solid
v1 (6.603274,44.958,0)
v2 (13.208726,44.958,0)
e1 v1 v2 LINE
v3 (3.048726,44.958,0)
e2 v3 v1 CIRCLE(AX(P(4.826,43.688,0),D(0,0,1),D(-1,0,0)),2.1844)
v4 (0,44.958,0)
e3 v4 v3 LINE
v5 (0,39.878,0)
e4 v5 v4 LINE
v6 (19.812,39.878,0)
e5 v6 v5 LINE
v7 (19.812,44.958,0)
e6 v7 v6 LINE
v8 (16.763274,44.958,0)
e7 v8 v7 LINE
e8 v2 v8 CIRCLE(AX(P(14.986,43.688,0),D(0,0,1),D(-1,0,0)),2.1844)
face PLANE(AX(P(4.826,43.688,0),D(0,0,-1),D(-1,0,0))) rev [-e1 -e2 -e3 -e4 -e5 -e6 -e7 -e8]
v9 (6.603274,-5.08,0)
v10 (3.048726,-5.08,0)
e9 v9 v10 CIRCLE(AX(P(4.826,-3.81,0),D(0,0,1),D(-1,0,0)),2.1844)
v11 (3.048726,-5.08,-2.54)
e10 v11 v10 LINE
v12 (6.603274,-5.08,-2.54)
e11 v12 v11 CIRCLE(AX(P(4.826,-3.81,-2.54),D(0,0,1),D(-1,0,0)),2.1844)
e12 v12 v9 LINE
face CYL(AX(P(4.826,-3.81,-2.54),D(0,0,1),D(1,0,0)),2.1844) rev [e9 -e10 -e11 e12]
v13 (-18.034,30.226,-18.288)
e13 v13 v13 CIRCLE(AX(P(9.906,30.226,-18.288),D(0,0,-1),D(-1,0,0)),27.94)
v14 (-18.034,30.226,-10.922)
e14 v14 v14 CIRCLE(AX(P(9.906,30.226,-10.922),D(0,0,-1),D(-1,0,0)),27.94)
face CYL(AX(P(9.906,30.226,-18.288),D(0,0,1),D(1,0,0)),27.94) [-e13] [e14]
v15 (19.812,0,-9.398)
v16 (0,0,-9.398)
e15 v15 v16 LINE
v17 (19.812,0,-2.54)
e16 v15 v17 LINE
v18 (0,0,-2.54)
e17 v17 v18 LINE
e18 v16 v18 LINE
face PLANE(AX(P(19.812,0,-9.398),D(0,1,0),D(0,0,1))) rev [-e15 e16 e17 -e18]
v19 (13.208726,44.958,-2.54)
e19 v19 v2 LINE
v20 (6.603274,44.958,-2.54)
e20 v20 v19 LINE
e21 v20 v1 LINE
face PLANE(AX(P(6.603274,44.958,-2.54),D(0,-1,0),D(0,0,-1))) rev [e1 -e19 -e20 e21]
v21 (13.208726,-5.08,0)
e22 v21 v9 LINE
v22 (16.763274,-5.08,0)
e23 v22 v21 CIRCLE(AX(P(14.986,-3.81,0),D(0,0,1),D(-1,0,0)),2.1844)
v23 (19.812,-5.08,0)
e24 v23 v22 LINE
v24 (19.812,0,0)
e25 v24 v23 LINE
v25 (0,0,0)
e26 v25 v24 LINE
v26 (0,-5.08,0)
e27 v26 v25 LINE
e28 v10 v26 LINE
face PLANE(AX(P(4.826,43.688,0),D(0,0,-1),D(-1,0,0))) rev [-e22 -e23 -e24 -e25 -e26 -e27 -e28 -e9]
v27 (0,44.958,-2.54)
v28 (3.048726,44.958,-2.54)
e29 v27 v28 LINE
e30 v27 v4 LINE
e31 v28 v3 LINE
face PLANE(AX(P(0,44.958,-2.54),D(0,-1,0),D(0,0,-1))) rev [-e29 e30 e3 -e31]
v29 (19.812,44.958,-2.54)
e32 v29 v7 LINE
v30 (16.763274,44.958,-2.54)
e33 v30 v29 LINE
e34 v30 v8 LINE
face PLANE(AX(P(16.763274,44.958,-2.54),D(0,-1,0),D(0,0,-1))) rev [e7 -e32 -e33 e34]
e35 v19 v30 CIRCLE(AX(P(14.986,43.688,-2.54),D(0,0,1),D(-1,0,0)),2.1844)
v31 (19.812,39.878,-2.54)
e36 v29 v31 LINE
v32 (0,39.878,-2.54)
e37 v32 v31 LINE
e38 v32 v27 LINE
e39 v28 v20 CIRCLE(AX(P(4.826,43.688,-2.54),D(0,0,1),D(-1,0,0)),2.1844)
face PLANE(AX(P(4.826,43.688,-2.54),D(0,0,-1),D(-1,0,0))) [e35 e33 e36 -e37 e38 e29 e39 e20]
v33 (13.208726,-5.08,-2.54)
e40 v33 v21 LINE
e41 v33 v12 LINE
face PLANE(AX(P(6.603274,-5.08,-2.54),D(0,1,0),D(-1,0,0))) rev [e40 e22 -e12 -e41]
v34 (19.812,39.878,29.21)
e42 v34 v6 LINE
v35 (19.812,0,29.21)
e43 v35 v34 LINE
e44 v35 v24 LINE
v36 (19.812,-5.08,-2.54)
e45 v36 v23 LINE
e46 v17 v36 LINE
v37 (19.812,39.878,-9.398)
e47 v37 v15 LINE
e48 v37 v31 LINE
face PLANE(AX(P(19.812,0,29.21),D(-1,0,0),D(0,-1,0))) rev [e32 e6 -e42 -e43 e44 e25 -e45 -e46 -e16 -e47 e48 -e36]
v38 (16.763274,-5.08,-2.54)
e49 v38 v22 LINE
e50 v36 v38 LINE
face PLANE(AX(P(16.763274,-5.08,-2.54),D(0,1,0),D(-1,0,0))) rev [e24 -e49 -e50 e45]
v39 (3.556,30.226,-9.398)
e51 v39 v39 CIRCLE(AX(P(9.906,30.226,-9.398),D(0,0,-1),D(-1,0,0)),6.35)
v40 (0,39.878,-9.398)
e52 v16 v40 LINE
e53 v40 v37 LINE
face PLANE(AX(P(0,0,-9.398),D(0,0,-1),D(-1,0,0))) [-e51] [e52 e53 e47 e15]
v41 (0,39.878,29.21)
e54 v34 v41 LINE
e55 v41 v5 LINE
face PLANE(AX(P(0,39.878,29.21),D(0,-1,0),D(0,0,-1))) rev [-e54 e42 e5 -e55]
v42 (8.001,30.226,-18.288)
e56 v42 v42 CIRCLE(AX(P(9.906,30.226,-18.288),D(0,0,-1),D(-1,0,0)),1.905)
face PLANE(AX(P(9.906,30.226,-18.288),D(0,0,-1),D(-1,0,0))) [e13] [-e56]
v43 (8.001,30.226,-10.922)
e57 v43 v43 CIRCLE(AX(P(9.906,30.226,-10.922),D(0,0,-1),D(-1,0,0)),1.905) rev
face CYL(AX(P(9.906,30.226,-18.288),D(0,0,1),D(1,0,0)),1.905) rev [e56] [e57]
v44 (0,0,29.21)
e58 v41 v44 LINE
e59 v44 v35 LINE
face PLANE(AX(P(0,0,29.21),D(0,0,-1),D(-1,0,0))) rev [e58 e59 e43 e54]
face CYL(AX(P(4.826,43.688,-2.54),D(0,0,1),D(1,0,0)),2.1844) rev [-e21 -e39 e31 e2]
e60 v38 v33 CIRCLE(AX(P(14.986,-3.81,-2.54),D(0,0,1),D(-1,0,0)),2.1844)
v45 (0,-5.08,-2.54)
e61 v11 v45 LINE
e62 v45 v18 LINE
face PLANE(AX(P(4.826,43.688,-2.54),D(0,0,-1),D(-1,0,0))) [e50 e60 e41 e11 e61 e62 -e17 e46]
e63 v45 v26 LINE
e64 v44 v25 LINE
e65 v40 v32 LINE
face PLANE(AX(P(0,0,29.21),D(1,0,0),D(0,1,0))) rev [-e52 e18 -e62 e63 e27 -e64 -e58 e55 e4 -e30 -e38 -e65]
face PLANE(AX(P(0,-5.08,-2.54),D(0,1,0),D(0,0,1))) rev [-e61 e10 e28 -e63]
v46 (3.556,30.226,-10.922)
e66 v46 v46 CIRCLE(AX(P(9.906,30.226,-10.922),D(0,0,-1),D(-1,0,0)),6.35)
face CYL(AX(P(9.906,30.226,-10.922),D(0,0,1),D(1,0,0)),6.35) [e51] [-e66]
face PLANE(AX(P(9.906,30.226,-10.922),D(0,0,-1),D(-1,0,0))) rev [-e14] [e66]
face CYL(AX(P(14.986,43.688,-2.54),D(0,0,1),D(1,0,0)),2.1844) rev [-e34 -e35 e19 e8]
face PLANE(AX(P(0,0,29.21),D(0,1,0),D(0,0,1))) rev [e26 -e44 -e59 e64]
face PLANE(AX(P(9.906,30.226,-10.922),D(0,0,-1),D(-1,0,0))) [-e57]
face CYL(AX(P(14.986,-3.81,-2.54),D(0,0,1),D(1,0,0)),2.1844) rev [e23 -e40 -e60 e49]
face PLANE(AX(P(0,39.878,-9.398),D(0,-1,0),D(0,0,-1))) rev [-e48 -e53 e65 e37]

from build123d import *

# Parameters (mm, degrees)
SKETCH1_W           = 19.812
SKETCH1_H           = 39.878
BOSS_EXTRUDE1_DEPTH = 29.21
BOSS_EXTRUDE2_DEPTH = 2.54
SKETCH3_W           = 19.812
SKETCH3_H           = 39.878
BOSS_EXTRUDE3_DEPTH = 6.858
SKETCH4_R           = 6.35
BOSS_EXTRUDE4_DEPTH = 1.524
SKETCH9_R           = 27.94
SKETCH9_R_2         = 1.905
BOSS_EXTRUDE6_DEPTH = 7.366


with BuildPart() as part:
    # Sketch1 → Boss-Extrude1 (new body)
    with BuildSketch(Plane.XY):
        with Locations((9.906, 19.939)):
            Rectangle(SKETCH1_W, SKETCH1_H)
    extrude(amount=BOSS_EXTRUDE1_DEPTH)

    # Sketch2 → Boss-Extrude2 (add)
    with BuildSketch(Plane(origin=(0, 0, 0), x_dir=(-1, 0, 0), z_dir=(0, 0, -1))):
        with BuildLine():
            Line((0, -5.08), (-3.048725862, -5.08))
            ThreePointArc((-3.048725862, -5.08), (-4.826, -1.6256), (-6.603274138, -5.08))
            Line((-6.603274138, -5.08), (-13.208725862, -5.08))
            ThreePointArc((-13.208725862, -5.08), (-14.986, -1.6256), (-16.763274138, -5.08))
            Line((-16.763274138, -5.08), (-19.812, -5.08))
            Line((-19.812, -5.08), (-19.812, 44.958))
            Line((-19.812, 44.958), (-16.763274138, 44.958))
            ThreePointArc((-16.763274138, 44.958), (-14.986, 41.5036), (-13.208725862, 44.958))
            Line((-13.208725862, 44.958), (-6.603274138, 44.958))
            ThreePointArc((-6.603274138, 44.958), (-4.826, 41.5036), (-3.048725862, 44.958))
            Line((-3.048725862, 44.958), (0, 44.958))
            Line((0, 44.958), (0, -5.08))
        make_face()
    extrude(amount=BOSS_EXTRUDE2_DEPTH)

    # Sketch3 → Boss-Extrude3 (add)
    with BuildSketch(Plane(origin=(0, 0, -2.54), x_dir=(-1, 0, 0), z_dir=(0, 0, -1))):
        with Locations((-9.906, 19.939)):
            Rectangle(SKETCH3_W, SKETCH3_H)
    extrude(amount=BOSS_EXTRUDE3_DEPTH)

    # Sketch4 → Boss-Extrude4 (add)
    with BuildSketch(Plane(origin=(0, 0, -9.398), x_dir=(-1, 0, 0), z_dir=(0, 0, -1))):
        with Locations((-9.906, 30.226)):
            Circle(SKETCH4_R)
    extrude(amount=BOSS_EXTRUDE4_DEPTH)

    # Sketch9 → Boss-Extrude6 (add)
    with BuildSketch(Plane(origin=(0, 0, -10.922), x_dir=(-1, 0, 0), z_dir=(0, 0, -1))):
        with Locations((-9.906, 30.226)):
            Circle(SKETCH9_R)
        with Locations((-9.906, 30.226)):
            Circle(SKETCH9_R_2, mode=Mode.SUBTRACT)
    extrude(amount=BOSS_EXTRUDE6_DEPTH)


solid = part.part
